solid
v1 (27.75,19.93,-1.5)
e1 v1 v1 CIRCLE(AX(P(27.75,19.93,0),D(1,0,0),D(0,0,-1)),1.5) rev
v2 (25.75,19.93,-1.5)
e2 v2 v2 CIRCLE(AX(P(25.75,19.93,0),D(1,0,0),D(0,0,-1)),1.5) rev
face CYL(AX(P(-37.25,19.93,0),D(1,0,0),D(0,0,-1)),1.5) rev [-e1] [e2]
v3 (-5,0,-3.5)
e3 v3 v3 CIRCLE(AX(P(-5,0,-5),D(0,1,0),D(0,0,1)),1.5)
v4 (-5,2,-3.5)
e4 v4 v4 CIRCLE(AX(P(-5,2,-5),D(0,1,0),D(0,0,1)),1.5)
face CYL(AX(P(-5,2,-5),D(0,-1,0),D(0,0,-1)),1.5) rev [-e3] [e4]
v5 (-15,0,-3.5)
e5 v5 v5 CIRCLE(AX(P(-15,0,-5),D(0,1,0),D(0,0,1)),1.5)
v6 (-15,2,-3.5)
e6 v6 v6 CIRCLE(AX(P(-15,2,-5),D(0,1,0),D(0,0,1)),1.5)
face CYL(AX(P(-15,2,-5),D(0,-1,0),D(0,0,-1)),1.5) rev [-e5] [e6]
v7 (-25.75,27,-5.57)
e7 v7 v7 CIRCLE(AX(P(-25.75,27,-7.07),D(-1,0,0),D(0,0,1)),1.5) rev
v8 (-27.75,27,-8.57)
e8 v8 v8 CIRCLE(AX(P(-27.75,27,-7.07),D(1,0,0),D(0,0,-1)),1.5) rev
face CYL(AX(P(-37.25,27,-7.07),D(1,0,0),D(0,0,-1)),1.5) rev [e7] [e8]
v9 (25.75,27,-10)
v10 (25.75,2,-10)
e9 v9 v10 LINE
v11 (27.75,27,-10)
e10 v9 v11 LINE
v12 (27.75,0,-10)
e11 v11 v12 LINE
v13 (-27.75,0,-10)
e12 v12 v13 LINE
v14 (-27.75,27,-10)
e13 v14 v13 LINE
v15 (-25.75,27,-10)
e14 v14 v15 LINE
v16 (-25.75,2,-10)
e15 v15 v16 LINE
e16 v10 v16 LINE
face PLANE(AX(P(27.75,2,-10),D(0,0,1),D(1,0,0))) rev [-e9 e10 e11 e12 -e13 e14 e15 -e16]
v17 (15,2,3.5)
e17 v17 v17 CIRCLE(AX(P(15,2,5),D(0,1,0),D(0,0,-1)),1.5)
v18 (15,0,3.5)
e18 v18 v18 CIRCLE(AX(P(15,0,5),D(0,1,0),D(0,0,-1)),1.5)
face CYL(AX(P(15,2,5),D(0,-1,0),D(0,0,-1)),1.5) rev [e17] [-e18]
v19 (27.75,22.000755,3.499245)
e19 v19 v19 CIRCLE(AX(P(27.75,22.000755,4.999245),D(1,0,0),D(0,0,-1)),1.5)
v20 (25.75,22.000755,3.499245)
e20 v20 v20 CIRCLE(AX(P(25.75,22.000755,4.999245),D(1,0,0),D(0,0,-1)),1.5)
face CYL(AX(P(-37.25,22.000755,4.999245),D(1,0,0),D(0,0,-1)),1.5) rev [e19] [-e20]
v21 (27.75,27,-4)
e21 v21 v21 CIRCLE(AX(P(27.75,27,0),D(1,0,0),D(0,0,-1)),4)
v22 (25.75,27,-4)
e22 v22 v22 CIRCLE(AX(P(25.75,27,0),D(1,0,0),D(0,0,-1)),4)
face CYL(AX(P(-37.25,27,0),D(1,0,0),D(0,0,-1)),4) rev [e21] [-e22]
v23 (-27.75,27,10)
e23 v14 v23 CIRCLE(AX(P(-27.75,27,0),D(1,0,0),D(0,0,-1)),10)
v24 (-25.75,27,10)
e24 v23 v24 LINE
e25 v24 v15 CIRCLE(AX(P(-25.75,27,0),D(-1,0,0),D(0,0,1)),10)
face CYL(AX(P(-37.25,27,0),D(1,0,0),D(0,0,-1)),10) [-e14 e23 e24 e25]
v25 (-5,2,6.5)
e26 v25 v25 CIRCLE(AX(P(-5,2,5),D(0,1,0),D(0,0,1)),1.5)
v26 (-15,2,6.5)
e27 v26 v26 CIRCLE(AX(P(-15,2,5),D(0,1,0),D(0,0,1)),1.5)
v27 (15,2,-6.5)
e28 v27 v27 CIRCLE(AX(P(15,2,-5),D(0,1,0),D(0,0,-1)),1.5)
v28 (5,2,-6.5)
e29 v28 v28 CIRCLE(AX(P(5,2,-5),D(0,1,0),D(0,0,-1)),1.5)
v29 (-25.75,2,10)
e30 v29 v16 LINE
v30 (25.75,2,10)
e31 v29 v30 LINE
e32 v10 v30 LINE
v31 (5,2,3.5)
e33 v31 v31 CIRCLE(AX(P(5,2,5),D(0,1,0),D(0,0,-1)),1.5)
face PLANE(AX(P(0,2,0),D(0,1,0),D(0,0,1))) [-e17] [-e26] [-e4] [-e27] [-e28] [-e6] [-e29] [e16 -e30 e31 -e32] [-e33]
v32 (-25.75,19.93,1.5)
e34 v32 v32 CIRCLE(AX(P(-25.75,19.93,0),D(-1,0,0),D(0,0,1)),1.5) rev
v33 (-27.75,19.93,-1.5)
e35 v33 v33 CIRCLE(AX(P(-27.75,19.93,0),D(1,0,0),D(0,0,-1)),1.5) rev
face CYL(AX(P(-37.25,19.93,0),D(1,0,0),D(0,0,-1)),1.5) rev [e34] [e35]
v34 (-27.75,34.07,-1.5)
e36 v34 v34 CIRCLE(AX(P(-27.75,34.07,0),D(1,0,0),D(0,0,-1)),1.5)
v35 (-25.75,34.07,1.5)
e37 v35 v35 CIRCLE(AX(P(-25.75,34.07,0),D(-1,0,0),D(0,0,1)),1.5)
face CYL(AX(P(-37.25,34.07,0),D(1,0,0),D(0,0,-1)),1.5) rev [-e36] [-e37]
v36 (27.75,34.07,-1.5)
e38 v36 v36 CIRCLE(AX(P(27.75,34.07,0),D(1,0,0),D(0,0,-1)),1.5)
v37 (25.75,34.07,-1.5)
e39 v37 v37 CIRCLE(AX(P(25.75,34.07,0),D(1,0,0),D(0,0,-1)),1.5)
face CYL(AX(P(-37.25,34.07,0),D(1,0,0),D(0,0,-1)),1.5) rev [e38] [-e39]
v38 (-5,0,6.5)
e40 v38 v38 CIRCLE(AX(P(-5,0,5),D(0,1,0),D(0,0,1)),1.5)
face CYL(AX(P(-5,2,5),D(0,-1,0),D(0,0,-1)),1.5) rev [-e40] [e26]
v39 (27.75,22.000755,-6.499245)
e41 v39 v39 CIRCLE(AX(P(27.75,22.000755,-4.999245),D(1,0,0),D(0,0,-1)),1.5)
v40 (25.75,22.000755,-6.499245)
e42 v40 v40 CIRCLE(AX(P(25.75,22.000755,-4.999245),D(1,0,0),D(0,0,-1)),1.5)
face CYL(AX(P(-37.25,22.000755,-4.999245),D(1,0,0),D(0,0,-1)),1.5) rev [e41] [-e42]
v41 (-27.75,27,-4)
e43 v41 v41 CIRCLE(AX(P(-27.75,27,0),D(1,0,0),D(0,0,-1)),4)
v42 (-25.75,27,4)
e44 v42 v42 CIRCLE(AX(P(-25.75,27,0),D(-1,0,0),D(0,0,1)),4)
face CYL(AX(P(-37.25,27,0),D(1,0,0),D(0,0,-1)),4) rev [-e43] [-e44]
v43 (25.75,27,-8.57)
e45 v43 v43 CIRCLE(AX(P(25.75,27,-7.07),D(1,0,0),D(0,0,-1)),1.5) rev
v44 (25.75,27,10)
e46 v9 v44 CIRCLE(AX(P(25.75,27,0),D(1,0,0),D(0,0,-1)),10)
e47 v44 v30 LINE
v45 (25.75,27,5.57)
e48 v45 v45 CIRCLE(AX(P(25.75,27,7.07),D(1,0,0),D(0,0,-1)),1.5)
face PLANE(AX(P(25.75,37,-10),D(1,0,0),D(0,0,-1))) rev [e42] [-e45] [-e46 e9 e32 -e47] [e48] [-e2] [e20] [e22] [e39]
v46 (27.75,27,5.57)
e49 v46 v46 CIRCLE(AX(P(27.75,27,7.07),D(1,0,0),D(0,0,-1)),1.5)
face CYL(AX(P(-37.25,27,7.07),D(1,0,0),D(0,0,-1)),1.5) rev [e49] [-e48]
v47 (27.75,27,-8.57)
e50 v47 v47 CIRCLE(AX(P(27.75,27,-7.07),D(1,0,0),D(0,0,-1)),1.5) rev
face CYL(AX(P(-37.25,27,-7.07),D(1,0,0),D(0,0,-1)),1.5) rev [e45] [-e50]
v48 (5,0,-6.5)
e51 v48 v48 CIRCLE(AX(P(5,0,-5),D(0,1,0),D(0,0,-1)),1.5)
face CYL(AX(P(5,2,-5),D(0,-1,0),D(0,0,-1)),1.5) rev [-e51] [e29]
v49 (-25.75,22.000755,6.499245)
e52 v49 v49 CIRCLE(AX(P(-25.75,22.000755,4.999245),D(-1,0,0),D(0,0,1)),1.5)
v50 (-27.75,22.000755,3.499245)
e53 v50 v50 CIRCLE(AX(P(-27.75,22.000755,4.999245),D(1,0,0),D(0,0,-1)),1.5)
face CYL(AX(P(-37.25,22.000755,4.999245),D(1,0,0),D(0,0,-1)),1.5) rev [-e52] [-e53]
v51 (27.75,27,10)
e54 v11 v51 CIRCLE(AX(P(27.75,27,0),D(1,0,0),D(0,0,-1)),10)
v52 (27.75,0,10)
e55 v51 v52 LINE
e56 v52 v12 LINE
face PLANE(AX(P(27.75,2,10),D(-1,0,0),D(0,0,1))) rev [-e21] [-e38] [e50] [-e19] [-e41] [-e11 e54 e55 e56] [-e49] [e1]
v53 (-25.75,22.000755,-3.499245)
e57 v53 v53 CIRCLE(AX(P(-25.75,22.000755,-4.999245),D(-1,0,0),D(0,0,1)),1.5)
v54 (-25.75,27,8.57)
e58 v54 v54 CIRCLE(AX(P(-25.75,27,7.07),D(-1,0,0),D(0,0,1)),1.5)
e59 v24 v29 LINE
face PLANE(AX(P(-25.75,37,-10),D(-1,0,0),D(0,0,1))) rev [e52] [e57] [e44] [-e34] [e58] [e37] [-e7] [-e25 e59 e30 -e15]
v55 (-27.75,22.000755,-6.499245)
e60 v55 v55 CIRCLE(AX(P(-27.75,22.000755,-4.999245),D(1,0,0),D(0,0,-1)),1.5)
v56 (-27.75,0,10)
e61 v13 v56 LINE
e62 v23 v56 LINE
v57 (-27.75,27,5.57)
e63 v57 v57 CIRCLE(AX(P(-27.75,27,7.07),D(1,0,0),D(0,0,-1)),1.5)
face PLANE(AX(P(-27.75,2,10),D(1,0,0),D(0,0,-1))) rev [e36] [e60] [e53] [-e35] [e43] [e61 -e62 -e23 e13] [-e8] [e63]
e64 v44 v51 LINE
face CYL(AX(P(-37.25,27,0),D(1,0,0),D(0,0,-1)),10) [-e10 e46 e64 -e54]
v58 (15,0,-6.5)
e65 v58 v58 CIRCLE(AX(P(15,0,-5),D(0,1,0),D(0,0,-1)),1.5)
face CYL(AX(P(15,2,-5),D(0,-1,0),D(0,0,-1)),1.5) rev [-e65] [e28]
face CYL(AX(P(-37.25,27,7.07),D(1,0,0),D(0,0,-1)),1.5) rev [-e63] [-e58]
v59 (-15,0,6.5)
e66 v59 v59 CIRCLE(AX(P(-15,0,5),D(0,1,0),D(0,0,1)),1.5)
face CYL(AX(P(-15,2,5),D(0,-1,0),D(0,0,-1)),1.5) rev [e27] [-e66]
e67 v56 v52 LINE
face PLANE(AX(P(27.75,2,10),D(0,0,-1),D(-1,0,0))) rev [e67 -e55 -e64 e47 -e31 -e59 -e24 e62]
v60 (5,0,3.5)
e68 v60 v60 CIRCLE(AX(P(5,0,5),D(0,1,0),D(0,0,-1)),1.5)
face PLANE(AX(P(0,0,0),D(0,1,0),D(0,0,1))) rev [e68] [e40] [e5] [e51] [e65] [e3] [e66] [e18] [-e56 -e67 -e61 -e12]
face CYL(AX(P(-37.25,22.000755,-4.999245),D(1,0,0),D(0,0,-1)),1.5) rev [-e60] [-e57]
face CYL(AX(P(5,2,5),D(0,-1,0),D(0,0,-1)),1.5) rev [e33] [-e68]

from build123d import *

# Parameters (mm, degrees)
SKETCH_2_W          = 55.5
SKETCH_2_H          = 20
SKETCH_2_R          = 1.5
EXTRUDE_1_DEPTH     = 2
SKETCH_3_W          = 2
SKETCH_3_H          = 20
EXTRUDE_2_DEPTH     = 35
SKETCH_4_R          = 1.5
SKETCH_4_R_2        = 4
CUT_EXTRUDE_1_DEPTH = 65


with BuildPart() as part:
    # 스케치2 → 보스-돌출1 (new body)
    with BuildSketch(Plane(origin=(0, 0, 0), x_dir=(1, 0, 0), z_dir=(0, 1, 0))):
        Rectangle(SKETCH_2_W, SKETCH_2_H)
        with Locations(Location((-15, 5, 0), (0, 0, 270))):
            Circle(SKETCH_2_R, mode=Mode.SUBTRACT)
        with Locations(Location((-5, 5, 0), (0, 0, 270))):
            Circle(SKETCH_2_R, mode=Mode.SUBTRACT)
        with Locations(Location((-15, -5, 0), (0, 0, 270))):
            Circle(SKETCH_2_R, mode=Mode.SUBTRACT)
        with Locations(Location((-5, -5, 0), (0, 0, 270))):
            Circle(SKETCH_2_R, mode=Mode.SUBTRACT)
        with Locations(Location((15, -5, 0), (0, 0, 90))):
            Circle(SKETCH_2_R, mode=Mode.SUBTRACT)
        with Locations(Location((5, -5, 0), (0, 0, 90))):
            Circle(SKETCH_2_R, mode=Mode.SUBTRACT)
        with Locations(Location((5, 5, 0), (0, 0, 90))):
            Circle(SKETCH_2_R, mode=Mode.SUBTRACT)
        with Locations(Location((15, 5, 0), (0, 0, 90))):
            Circle(SKETCH_2_R, mode=Mode.SUBTRACT)
    extrude(amount=EXTRUDE_1_DEPTH)

    # 스케치3 → 보스-돌출2 (add)
    with BuildSketch(Plane(origin=(0, 2, 0), x_dir=(1, 0, 0), z_dir=(0, 1, 0))):
        with Locations((-26.75, 0)):
            Rectangle(SKETCH_3_W, SKETCH_3_H)
        with Locations((26.75, 0)):
            Rectangle(SKETCH_3_W, SKETCH_3_H)
    extrude(amount=EXTRUDE_2_DEPTH)

    # 스케치4 → 컷-돌출1 (cut)
    with BuildSketch(Plane(origin=(27.75, 0, 0), x_dir=(0, 0, -1), z_dir=(1, 0, 0))):
        with BuildLine():
            Line((-10, 37), (-10, 27))
            ThreePointArc((-10, 27), (-7.071067815, 34.071067809), (-9e-09, 37))
            Line((-9e-09, 37), (-10, 37))
        make_face()
        with BuildLine():
            Line((10, 37), (-9e-09, 37))
            ThreePointArc((-9e-09, 37), (7.071067809, 34.071067815), (10, 27))
            Line((10, 27), (10, 37))
        make_face()
        with Locations((7.07, 27)):
            Circle(SKETCH_4_R)
        with Locations((0, 27)):
            Circle(SKETCH_4_R_2)
        with Locations((0, 34.07)):
            Circle(SKETCH_4_R)
        with Locations((4.999244943, 22.000755057)):
            Circle(SKETCH_4_R)
        with Locations((0, 19.93)):
            Circle(SKETCH_4_R)
        with Locations((-4.999244943, 22.000755057)):
            Circle(SKETCH_4_R)
        with Locations((-7.07, 27)):
            Circle(SKETCH_4_R)
    extrude(amount=-CUT_EXTRUDE_1_DEPTH, mode=Mode.SUBTRACT)


solid = part.part
